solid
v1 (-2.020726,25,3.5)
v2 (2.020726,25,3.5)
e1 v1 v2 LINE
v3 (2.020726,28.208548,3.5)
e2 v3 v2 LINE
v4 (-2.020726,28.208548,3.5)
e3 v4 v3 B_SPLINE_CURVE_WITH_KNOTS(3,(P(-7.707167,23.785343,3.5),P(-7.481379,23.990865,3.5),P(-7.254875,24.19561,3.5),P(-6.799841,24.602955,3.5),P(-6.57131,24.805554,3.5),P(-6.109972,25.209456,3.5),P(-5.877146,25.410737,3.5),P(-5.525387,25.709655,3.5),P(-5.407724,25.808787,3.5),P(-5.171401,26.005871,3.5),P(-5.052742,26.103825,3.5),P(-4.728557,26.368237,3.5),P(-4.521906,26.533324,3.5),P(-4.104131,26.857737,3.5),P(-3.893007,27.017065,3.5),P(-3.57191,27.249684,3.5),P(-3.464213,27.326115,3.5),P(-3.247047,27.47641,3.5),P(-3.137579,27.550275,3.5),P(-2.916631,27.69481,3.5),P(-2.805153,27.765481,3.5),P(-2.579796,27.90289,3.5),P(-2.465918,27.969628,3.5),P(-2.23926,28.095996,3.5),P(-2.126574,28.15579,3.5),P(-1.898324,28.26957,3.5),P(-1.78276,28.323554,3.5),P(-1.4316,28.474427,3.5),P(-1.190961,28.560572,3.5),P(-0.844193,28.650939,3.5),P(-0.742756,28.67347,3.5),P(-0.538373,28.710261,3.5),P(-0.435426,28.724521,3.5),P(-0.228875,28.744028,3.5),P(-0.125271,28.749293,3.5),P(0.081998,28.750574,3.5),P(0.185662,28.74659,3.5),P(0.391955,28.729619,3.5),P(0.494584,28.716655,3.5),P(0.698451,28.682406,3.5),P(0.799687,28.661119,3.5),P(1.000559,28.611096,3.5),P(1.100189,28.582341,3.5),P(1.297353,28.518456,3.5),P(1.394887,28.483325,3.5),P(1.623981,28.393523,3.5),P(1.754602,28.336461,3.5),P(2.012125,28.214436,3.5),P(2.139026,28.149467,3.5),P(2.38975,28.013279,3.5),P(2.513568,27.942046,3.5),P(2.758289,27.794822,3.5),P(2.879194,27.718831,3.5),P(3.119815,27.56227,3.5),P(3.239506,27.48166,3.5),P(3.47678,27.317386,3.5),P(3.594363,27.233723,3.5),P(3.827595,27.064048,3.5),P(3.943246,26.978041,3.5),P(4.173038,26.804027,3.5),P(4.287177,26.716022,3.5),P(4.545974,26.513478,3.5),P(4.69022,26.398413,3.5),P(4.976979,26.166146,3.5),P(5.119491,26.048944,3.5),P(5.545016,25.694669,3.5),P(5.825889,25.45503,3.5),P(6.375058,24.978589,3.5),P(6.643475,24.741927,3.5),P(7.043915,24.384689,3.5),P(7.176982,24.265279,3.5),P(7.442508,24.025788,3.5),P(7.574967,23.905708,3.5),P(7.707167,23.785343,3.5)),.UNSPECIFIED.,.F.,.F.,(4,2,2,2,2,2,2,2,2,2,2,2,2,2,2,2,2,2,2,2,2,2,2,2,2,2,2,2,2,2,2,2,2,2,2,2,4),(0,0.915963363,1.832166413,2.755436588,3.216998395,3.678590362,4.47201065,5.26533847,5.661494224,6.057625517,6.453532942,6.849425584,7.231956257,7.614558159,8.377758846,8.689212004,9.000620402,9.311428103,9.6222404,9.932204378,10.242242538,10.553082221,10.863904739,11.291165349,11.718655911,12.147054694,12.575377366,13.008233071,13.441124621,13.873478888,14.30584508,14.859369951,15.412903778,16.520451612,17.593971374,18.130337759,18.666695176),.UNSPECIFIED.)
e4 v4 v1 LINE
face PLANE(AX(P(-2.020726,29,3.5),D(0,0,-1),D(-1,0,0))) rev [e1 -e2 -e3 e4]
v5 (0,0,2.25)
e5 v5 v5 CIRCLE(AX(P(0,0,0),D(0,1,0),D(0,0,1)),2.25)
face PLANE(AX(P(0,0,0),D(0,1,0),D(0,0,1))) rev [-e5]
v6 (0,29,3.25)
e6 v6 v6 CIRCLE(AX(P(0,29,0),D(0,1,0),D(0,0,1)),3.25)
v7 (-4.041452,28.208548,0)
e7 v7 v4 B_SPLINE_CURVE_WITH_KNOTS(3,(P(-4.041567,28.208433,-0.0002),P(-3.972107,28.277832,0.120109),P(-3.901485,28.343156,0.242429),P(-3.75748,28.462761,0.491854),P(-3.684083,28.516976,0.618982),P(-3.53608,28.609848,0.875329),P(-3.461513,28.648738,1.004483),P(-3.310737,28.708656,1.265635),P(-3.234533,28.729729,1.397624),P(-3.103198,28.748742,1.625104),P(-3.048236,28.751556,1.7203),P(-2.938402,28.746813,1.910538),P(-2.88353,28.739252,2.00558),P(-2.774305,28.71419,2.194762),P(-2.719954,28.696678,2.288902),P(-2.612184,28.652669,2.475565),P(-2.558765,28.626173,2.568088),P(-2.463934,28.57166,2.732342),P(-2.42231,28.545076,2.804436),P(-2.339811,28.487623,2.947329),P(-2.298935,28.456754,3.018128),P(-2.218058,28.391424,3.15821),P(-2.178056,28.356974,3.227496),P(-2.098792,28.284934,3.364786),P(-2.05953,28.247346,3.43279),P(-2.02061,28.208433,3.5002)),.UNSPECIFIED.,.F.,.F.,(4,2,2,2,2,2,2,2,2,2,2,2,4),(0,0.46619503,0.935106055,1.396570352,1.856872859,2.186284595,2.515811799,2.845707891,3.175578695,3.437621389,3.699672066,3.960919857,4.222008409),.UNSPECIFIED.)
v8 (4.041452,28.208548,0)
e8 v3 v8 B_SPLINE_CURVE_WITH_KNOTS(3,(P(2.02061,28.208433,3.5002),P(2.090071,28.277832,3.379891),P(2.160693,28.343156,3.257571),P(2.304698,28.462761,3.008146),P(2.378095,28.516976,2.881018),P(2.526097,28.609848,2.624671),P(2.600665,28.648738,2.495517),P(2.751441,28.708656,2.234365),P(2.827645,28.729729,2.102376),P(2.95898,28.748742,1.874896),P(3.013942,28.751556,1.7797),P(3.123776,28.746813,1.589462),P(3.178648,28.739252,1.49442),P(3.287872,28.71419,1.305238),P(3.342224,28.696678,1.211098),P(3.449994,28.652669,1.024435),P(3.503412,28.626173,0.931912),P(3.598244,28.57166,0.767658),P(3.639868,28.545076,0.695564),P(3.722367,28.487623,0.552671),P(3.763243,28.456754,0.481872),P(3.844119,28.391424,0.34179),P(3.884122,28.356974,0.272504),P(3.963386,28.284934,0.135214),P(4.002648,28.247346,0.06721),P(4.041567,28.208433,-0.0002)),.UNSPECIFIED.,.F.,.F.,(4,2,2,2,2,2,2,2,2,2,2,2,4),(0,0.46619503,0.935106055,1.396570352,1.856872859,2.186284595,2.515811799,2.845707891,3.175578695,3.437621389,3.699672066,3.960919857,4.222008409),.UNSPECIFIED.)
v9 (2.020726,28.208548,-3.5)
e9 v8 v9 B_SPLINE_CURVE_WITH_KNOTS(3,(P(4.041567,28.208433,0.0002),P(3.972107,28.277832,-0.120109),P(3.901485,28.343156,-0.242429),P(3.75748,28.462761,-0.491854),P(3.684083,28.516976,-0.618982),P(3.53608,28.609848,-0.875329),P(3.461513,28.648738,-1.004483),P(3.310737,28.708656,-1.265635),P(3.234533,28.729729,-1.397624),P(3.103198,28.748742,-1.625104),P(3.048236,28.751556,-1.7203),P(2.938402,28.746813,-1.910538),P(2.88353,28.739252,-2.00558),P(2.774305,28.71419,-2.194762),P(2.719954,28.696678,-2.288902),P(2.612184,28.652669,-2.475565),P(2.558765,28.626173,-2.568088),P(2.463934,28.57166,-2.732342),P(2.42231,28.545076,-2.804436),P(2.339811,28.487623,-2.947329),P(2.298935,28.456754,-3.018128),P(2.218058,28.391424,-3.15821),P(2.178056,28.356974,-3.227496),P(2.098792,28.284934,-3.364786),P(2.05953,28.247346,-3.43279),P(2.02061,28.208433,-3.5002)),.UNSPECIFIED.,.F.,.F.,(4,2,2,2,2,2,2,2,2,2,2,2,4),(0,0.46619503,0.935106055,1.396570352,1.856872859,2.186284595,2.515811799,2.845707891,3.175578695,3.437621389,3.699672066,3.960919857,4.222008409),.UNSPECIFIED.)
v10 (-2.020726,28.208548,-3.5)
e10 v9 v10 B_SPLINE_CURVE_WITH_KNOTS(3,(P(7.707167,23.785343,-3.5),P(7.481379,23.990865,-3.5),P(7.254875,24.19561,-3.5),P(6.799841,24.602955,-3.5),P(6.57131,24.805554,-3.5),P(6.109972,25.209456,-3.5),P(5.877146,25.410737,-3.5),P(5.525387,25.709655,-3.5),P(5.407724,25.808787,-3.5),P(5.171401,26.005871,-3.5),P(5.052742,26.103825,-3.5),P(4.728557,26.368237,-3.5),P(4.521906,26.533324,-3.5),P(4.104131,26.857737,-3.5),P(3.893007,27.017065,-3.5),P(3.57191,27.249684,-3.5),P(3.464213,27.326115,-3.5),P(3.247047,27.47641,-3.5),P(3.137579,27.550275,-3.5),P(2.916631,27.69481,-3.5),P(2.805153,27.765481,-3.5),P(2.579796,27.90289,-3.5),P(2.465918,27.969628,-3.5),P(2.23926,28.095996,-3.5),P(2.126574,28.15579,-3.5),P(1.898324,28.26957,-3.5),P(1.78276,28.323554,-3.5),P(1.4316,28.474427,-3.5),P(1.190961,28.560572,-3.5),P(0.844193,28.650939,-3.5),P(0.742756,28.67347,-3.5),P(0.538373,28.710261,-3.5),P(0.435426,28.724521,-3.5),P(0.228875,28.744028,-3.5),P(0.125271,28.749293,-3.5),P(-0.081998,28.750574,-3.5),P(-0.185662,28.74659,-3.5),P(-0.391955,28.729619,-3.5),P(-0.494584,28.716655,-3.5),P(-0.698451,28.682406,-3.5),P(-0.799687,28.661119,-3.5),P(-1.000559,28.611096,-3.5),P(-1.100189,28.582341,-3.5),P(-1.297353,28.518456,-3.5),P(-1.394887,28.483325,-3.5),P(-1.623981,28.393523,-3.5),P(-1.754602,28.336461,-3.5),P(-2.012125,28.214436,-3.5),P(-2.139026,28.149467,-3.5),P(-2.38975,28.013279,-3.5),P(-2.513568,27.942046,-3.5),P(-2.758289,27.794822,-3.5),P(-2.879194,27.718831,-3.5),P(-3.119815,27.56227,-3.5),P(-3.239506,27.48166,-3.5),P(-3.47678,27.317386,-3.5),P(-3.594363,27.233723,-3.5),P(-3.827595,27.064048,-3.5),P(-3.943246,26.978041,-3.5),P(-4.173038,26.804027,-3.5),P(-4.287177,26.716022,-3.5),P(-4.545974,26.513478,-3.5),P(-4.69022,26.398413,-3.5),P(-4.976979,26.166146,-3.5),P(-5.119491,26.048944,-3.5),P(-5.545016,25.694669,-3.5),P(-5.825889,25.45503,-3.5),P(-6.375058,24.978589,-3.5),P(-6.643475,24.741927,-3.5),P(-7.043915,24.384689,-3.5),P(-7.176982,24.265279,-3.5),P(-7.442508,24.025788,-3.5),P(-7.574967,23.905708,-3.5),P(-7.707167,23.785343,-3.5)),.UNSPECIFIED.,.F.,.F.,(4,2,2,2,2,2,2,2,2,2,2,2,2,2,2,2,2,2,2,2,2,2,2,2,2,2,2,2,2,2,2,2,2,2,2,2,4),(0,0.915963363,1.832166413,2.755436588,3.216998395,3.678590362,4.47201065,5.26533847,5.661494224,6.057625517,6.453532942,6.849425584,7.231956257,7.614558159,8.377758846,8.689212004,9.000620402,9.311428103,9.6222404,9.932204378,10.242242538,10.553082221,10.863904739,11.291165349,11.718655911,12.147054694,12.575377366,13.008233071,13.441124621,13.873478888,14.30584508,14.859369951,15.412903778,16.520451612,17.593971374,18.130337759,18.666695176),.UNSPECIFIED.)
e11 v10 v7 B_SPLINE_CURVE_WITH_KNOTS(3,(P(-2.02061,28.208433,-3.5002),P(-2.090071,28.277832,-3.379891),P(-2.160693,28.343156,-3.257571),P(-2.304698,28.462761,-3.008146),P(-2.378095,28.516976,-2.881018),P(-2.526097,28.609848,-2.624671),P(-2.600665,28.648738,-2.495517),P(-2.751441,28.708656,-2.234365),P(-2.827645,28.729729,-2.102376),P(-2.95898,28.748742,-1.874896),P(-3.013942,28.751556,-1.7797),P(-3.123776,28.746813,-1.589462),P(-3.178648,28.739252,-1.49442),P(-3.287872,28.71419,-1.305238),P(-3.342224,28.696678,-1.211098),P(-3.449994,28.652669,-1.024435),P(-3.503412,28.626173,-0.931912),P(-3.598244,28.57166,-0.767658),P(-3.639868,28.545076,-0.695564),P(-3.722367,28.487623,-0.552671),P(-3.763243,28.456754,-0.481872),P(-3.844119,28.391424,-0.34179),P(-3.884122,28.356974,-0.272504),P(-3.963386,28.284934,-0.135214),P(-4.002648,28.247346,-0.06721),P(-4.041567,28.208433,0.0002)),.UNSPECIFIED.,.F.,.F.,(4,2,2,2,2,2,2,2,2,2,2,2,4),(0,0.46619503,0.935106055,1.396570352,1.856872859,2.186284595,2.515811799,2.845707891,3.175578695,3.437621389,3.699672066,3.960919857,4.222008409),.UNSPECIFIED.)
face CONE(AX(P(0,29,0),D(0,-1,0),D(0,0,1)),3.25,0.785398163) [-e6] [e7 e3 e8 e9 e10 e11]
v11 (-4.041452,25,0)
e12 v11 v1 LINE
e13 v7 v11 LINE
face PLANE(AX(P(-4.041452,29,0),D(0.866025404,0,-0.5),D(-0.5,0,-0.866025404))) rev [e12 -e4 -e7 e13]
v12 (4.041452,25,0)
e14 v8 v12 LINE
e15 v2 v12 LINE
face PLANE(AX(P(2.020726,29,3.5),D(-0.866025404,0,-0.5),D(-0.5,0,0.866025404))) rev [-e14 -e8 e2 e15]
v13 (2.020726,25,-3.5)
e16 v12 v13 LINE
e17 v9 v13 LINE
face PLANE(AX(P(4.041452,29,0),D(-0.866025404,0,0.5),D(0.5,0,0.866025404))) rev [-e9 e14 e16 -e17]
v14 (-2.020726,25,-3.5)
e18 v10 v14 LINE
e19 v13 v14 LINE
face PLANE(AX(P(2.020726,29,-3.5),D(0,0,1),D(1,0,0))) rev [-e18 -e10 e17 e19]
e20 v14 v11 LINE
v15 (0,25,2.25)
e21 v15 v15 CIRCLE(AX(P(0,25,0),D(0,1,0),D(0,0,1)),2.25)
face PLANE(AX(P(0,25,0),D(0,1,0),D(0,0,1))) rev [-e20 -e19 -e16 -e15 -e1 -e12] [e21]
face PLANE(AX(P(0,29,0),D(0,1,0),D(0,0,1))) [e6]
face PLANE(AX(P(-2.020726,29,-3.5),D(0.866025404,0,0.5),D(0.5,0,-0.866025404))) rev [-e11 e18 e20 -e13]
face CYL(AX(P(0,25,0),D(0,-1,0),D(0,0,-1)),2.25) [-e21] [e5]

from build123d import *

# Parameters (mm, degrees)
SKETCH1_R           = 2.25
BOSS_EXTRUDE1_DEPTH = 25
BOSS_EXTRUDE2_DEPTH = 4
SKETCH3_OUTSIDE_W   = 24.264
SKETCH3_OUTSIDE_H   = 23.182
SKETCH3_OUTSIDE_R   = 3.25
CUT_EXTRUDE1_DEPTH  = 4
CUT_EXTRUDE1_TAPER  = 45


with BuildPart() as part:
    # Sketch1 → Boss-Extrude1 (new body)
    with BuildSketch(Plane(origin=(0, 0, 0), x_dir=(1, 0, 0), z_dir=(0, 1, 0))):
        Circle(SKETCH1_R)
    extrude(amount=BOSS_EXTRUDE1_DEPTH)

    # Sketch2 → Boss-Extrude2 (add)
    with BuildSketch(Plane(origin=(0, 25, 0), x_dir=(1, 0, 0), z_dir=(0, 1, 0))):
        Polygon((4.041451884, 0), (2.020725942, 3.5), (-2.020725942, 3.5), (-4.041451884, 0), (-2.020725942, -3.5), (2.020725942, -3.5), align=None)
    extrude(amount=BOSS_EXTRUDE2_DEPTH)

    # Sketch3 outside → Cut-Extrude1 (cut)
    with BuildSketch(Plane(origin=(0, 29, 0), x_dir=(1, 0, 0), z_dir=(0, 1, 0))):
        Rectangle(SKETCH3_OUTSIDE_W, SKETCH3_OUTSIDE_H)
        Circle(SKETCH3_OUTSIDE_R, mode=Mode.SUBTRACT)
    extrude(amount=-CUT_EXTRUDE1_DEPTH, taper=CUT_EXTRUDE1_TAPER, mode=Mode.SUBTRACT)


solid = part.part
